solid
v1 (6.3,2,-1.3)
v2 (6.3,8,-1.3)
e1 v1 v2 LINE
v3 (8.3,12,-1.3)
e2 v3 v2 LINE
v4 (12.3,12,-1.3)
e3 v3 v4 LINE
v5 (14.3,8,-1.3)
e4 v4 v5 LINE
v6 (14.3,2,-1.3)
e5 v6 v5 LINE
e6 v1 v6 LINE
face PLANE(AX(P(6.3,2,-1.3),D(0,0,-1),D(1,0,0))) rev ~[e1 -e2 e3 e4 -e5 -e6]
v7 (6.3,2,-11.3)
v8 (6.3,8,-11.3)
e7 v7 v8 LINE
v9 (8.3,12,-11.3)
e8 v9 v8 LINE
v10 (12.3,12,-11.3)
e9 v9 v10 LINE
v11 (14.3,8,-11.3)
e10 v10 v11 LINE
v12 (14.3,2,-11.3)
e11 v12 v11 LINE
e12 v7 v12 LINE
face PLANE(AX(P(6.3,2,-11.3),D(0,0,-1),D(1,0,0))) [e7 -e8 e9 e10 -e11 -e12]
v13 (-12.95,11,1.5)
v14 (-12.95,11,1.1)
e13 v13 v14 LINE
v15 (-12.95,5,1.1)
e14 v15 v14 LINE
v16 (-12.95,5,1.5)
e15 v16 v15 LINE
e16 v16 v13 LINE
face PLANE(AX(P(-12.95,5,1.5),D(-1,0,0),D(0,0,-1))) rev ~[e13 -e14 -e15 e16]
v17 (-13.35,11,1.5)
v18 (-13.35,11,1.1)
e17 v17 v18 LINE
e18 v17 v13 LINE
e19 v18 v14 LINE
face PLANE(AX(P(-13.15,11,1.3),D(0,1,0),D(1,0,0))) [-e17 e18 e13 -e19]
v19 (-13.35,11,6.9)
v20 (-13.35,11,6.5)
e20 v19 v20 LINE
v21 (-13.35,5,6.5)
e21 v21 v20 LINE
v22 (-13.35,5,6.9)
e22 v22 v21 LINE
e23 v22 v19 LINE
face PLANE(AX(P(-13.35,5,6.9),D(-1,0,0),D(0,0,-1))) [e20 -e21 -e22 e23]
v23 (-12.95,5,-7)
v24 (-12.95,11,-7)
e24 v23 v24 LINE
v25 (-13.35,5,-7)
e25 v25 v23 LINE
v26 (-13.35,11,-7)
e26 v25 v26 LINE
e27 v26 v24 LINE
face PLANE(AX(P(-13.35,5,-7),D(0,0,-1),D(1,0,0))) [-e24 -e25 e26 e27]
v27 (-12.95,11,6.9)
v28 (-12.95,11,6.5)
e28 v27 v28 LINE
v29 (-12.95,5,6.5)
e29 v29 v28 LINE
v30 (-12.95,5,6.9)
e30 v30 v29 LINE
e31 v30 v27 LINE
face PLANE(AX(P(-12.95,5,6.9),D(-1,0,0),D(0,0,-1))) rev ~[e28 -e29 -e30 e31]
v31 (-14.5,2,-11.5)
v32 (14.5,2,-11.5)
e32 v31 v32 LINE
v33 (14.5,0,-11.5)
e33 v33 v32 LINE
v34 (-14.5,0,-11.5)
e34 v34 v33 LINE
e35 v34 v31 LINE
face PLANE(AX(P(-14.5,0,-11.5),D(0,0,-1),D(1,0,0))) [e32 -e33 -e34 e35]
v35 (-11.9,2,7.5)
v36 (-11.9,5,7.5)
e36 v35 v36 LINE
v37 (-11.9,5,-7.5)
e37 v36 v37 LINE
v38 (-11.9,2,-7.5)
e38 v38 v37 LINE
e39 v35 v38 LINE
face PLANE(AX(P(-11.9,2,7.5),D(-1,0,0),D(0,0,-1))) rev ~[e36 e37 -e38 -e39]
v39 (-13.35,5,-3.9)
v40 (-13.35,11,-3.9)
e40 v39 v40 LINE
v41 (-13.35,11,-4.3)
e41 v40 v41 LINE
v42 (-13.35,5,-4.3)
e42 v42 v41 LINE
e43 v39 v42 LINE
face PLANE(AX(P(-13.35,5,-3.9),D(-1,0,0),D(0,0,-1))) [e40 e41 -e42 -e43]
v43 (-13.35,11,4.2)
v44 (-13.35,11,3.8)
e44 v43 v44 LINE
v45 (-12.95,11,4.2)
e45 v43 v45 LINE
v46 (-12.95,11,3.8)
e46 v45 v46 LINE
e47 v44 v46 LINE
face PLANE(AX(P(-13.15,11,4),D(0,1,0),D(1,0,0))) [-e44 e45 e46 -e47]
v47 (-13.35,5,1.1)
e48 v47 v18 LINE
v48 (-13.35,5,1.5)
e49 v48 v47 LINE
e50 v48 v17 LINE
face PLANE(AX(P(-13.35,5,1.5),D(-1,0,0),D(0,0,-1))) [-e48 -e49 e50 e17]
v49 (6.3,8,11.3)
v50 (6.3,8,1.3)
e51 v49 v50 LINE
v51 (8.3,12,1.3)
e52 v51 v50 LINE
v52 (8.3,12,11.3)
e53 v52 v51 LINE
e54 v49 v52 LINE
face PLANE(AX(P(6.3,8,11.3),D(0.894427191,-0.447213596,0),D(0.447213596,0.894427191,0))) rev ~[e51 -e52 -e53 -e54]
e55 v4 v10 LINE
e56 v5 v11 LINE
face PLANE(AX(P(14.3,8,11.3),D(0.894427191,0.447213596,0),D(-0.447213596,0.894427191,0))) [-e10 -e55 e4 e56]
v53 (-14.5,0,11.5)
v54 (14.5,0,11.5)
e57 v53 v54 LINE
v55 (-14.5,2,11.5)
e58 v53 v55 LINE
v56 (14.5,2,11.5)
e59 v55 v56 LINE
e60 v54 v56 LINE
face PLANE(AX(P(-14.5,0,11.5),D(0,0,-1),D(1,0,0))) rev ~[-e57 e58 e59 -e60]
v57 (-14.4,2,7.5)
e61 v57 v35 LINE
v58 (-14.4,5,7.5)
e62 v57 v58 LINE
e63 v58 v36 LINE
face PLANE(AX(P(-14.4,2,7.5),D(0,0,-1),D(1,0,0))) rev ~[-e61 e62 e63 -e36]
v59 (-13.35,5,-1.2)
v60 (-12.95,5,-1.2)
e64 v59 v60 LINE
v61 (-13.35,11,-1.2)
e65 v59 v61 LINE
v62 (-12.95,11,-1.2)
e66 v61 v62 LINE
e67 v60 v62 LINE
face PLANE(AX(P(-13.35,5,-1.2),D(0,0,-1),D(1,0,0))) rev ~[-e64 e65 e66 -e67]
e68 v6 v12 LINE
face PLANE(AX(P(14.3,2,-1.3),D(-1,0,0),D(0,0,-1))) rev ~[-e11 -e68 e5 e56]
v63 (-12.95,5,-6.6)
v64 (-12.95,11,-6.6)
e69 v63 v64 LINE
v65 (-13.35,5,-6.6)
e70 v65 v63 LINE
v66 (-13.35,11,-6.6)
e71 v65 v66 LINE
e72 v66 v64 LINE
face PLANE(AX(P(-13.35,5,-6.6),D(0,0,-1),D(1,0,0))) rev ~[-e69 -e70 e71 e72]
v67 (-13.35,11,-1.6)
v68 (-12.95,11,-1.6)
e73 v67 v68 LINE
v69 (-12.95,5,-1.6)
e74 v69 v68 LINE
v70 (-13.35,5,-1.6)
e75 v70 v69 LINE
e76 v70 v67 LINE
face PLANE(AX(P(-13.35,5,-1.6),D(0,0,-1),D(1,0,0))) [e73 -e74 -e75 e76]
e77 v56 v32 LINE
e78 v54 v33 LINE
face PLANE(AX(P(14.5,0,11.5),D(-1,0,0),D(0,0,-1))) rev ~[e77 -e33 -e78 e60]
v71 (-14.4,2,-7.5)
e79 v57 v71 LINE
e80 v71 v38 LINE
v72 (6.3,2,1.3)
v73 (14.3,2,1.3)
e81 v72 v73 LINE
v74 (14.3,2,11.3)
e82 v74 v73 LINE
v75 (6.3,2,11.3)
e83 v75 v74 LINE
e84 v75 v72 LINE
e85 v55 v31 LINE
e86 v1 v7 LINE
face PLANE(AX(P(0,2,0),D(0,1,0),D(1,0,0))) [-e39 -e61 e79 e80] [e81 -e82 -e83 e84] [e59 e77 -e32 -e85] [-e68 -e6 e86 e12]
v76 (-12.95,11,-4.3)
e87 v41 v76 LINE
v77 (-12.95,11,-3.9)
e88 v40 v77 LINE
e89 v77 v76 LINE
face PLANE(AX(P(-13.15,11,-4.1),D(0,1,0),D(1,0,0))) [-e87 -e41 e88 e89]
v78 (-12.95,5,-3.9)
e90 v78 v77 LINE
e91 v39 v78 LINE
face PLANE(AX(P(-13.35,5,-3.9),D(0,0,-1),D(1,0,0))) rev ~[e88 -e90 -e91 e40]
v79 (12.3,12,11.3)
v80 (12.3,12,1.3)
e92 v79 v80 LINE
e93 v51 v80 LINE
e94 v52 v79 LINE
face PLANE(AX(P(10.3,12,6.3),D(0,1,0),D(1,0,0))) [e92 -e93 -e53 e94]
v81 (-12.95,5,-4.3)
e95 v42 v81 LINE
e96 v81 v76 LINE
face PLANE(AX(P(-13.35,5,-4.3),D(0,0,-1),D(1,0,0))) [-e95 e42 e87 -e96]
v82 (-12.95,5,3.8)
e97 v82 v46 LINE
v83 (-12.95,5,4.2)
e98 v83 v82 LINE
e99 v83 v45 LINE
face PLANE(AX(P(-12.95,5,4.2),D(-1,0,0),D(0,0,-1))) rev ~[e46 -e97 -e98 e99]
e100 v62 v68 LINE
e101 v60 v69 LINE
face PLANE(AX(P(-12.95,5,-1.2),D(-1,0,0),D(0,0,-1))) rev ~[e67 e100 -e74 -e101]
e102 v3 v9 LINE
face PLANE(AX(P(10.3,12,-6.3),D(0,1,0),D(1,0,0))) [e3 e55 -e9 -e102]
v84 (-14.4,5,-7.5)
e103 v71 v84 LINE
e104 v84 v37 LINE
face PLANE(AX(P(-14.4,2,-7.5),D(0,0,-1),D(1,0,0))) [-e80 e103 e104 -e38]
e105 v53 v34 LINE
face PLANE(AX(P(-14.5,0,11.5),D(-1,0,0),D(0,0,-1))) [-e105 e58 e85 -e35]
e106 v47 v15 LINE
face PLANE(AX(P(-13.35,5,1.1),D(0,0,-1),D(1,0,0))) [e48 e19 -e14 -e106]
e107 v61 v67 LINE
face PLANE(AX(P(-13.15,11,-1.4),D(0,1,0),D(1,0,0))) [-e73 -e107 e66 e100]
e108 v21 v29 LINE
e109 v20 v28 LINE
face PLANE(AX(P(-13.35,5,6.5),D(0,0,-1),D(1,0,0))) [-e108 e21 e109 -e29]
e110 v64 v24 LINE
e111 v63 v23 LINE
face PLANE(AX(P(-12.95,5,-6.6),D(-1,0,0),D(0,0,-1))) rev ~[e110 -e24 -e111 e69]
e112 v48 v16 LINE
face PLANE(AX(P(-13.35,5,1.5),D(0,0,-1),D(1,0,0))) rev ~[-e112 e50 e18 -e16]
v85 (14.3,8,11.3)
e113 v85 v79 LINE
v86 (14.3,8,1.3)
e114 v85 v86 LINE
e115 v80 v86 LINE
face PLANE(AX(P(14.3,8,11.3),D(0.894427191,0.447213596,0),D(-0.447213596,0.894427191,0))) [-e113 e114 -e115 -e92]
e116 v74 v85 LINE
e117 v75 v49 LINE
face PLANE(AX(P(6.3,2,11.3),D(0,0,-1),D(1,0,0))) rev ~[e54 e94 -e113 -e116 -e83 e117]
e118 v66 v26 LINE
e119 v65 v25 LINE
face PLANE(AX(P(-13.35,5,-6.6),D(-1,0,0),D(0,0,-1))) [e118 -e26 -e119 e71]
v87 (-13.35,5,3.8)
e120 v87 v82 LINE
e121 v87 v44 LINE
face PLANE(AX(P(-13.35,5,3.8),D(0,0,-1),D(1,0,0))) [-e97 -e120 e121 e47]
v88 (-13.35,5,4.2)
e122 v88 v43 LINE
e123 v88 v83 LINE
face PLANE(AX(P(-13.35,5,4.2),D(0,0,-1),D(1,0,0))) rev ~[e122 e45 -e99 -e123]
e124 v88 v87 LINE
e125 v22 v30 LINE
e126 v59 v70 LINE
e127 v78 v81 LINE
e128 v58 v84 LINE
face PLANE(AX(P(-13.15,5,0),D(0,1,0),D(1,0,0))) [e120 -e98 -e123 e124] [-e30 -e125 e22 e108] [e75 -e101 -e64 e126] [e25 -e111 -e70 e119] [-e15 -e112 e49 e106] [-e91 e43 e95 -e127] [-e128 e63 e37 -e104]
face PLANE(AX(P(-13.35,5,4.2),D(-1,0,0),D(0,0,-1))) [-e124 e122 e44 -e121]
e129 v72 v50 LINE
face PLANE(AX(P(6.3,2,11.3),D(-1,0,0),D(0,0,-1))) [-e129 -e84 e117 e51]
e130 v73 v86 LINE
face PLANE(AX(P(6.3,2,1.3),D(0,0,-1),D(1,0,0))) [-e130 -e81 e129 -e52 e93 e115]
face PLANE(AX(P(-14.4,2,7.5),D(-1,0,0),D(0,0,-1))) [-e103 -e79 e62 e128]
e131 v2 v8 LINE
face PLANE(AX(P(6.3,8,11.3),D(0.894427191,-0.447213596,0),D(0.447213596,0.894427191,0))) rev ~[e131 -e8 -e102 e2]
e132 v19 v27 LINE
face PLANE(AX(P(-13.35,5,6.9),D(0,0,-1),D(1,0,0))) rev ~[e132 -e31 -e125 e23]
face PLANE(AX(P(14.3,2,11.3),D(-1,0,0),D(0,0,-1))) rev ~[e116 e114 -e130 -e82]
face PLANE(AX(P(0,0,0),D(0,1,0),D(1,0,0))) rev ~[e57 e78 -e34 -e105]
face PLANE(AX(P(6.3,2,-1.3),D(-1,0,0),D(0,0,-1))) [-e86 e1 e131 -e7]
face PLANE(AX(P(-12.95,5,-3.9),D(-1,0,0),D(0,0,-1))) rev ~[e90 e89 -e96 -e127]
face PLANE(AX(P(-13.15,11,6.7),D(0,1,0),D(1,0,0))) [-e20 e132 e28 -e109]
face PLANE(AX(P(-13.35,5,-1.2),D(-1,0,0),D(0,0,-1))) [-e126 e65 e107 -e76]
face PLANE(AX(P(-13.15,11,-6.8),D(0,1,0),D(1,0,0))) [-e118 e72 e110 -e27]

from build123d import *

# Parameters (mm, degrees)
SKETCH1_W           = 29
SKETCH1_H           = 23
BOSS_EXTRUDE1_DEPTH = 2
SKETCH2_W           = 8
SKETCH2_H           = 10
BOSS_EXTRUDE2_DEPTH = 10
CUT_EXTRUDE1_DEPTH  = 30.565013107
SKETCH5_W           = 2.5
SKETCH5_H           = 15
BOSS_EXTRUDE3_DEPTH = 3
SKETCH6_W           = 0.4
SKETCH6_H           = 0.4
BOSS_EXTRUDE4_DEPTH = 6


with BuildPart() as part:
    # Sketch1 → Boss-Extrude1 (new body)
    with BuildSketch(Plane(origin=(0, 0, 0), x_dir=(1, 0, 0), z_dir=(0, 1, 0))):
        Rectangle(SKETCH1_W, SKETCH1_H)
    extrude(amount=BOSS_EXTRUDE1_DEPTH)

    # Sketch2 → Boss-Extrude2 (add)
    with BuildSketch(Plane(origin=(0, 2, 0), x_dir=(1, 0, 0), z_dir=(0, 1, 0))):
        with Locations((10.3, -6.3)):
            Rectangle(SKETCH2_W, SKETCH2_H)
        with Locations((10.3, 6.3)):
            Rectangle(SKETCH2_W, SKETCH2_H)
    extrude(amount=BOSS_EXTRUDE2_DEPTH)

    # Sketch3 → Cut-Extrude1 (cut, through all)
    with BuildSketch(Plane.XY.offset(11.3)):
        Polygon((12.3, 12), (14.3, 12), (14.3, 8), align=None)
        Polygon((6.3, 12), (6.3, 8), (8.3, 12), align=None)
    extrude(amount=-CUT_EXTRUDE1_DEPTH, mode=Mode.SUBTRACT)

    # Sketch5 → Boss-Extrude3 (add)
    with BuildSketch(Plane(origin=(0, 2, 0), x_dir=(1, 0, 0), z_dir=(0, 1, 0))):
        with Locations((-13.15, 0)):
            Rectangle(SKETCH5_W, SKETCH5_H)
    extrude(amount=BOSS_EXTRUDE3_DEPTH)

    # Sketch6 → Boss-Extrude4 (add)
    with BuildSketch(Plane(origin=(0, 5, 0), x_dir=(1, 0, 0), z_dir=(0, 1, 0))):
        with Locations((-13.15, 6.8)):
            Rectangle(SKETCH6_W, SKETCH6_H)
        with Locations((-13.15, 4.1)):
            Rectangle(SKETCH6_W, SKETCH6_H)
        with Locations((-13.15, 1.4)):
            Rectangle(SKETCH6_W, SKETCH6_H)
        with Locations((-13.15, -1.3)):
            Rectangle(SKETCH6_W, SKETCH6_H)
        with Locations((-13.15, -4)):
            Rectangle(SKETCH6_W, SKETCH6_H)
        with Locations((-13.15, -6.7)):
            Rectangle(SKETCH6_W, SKETCH6_H)
    extrude(amount=BOSS_EXTRUDE4_DEPTH)


solid = part.part
